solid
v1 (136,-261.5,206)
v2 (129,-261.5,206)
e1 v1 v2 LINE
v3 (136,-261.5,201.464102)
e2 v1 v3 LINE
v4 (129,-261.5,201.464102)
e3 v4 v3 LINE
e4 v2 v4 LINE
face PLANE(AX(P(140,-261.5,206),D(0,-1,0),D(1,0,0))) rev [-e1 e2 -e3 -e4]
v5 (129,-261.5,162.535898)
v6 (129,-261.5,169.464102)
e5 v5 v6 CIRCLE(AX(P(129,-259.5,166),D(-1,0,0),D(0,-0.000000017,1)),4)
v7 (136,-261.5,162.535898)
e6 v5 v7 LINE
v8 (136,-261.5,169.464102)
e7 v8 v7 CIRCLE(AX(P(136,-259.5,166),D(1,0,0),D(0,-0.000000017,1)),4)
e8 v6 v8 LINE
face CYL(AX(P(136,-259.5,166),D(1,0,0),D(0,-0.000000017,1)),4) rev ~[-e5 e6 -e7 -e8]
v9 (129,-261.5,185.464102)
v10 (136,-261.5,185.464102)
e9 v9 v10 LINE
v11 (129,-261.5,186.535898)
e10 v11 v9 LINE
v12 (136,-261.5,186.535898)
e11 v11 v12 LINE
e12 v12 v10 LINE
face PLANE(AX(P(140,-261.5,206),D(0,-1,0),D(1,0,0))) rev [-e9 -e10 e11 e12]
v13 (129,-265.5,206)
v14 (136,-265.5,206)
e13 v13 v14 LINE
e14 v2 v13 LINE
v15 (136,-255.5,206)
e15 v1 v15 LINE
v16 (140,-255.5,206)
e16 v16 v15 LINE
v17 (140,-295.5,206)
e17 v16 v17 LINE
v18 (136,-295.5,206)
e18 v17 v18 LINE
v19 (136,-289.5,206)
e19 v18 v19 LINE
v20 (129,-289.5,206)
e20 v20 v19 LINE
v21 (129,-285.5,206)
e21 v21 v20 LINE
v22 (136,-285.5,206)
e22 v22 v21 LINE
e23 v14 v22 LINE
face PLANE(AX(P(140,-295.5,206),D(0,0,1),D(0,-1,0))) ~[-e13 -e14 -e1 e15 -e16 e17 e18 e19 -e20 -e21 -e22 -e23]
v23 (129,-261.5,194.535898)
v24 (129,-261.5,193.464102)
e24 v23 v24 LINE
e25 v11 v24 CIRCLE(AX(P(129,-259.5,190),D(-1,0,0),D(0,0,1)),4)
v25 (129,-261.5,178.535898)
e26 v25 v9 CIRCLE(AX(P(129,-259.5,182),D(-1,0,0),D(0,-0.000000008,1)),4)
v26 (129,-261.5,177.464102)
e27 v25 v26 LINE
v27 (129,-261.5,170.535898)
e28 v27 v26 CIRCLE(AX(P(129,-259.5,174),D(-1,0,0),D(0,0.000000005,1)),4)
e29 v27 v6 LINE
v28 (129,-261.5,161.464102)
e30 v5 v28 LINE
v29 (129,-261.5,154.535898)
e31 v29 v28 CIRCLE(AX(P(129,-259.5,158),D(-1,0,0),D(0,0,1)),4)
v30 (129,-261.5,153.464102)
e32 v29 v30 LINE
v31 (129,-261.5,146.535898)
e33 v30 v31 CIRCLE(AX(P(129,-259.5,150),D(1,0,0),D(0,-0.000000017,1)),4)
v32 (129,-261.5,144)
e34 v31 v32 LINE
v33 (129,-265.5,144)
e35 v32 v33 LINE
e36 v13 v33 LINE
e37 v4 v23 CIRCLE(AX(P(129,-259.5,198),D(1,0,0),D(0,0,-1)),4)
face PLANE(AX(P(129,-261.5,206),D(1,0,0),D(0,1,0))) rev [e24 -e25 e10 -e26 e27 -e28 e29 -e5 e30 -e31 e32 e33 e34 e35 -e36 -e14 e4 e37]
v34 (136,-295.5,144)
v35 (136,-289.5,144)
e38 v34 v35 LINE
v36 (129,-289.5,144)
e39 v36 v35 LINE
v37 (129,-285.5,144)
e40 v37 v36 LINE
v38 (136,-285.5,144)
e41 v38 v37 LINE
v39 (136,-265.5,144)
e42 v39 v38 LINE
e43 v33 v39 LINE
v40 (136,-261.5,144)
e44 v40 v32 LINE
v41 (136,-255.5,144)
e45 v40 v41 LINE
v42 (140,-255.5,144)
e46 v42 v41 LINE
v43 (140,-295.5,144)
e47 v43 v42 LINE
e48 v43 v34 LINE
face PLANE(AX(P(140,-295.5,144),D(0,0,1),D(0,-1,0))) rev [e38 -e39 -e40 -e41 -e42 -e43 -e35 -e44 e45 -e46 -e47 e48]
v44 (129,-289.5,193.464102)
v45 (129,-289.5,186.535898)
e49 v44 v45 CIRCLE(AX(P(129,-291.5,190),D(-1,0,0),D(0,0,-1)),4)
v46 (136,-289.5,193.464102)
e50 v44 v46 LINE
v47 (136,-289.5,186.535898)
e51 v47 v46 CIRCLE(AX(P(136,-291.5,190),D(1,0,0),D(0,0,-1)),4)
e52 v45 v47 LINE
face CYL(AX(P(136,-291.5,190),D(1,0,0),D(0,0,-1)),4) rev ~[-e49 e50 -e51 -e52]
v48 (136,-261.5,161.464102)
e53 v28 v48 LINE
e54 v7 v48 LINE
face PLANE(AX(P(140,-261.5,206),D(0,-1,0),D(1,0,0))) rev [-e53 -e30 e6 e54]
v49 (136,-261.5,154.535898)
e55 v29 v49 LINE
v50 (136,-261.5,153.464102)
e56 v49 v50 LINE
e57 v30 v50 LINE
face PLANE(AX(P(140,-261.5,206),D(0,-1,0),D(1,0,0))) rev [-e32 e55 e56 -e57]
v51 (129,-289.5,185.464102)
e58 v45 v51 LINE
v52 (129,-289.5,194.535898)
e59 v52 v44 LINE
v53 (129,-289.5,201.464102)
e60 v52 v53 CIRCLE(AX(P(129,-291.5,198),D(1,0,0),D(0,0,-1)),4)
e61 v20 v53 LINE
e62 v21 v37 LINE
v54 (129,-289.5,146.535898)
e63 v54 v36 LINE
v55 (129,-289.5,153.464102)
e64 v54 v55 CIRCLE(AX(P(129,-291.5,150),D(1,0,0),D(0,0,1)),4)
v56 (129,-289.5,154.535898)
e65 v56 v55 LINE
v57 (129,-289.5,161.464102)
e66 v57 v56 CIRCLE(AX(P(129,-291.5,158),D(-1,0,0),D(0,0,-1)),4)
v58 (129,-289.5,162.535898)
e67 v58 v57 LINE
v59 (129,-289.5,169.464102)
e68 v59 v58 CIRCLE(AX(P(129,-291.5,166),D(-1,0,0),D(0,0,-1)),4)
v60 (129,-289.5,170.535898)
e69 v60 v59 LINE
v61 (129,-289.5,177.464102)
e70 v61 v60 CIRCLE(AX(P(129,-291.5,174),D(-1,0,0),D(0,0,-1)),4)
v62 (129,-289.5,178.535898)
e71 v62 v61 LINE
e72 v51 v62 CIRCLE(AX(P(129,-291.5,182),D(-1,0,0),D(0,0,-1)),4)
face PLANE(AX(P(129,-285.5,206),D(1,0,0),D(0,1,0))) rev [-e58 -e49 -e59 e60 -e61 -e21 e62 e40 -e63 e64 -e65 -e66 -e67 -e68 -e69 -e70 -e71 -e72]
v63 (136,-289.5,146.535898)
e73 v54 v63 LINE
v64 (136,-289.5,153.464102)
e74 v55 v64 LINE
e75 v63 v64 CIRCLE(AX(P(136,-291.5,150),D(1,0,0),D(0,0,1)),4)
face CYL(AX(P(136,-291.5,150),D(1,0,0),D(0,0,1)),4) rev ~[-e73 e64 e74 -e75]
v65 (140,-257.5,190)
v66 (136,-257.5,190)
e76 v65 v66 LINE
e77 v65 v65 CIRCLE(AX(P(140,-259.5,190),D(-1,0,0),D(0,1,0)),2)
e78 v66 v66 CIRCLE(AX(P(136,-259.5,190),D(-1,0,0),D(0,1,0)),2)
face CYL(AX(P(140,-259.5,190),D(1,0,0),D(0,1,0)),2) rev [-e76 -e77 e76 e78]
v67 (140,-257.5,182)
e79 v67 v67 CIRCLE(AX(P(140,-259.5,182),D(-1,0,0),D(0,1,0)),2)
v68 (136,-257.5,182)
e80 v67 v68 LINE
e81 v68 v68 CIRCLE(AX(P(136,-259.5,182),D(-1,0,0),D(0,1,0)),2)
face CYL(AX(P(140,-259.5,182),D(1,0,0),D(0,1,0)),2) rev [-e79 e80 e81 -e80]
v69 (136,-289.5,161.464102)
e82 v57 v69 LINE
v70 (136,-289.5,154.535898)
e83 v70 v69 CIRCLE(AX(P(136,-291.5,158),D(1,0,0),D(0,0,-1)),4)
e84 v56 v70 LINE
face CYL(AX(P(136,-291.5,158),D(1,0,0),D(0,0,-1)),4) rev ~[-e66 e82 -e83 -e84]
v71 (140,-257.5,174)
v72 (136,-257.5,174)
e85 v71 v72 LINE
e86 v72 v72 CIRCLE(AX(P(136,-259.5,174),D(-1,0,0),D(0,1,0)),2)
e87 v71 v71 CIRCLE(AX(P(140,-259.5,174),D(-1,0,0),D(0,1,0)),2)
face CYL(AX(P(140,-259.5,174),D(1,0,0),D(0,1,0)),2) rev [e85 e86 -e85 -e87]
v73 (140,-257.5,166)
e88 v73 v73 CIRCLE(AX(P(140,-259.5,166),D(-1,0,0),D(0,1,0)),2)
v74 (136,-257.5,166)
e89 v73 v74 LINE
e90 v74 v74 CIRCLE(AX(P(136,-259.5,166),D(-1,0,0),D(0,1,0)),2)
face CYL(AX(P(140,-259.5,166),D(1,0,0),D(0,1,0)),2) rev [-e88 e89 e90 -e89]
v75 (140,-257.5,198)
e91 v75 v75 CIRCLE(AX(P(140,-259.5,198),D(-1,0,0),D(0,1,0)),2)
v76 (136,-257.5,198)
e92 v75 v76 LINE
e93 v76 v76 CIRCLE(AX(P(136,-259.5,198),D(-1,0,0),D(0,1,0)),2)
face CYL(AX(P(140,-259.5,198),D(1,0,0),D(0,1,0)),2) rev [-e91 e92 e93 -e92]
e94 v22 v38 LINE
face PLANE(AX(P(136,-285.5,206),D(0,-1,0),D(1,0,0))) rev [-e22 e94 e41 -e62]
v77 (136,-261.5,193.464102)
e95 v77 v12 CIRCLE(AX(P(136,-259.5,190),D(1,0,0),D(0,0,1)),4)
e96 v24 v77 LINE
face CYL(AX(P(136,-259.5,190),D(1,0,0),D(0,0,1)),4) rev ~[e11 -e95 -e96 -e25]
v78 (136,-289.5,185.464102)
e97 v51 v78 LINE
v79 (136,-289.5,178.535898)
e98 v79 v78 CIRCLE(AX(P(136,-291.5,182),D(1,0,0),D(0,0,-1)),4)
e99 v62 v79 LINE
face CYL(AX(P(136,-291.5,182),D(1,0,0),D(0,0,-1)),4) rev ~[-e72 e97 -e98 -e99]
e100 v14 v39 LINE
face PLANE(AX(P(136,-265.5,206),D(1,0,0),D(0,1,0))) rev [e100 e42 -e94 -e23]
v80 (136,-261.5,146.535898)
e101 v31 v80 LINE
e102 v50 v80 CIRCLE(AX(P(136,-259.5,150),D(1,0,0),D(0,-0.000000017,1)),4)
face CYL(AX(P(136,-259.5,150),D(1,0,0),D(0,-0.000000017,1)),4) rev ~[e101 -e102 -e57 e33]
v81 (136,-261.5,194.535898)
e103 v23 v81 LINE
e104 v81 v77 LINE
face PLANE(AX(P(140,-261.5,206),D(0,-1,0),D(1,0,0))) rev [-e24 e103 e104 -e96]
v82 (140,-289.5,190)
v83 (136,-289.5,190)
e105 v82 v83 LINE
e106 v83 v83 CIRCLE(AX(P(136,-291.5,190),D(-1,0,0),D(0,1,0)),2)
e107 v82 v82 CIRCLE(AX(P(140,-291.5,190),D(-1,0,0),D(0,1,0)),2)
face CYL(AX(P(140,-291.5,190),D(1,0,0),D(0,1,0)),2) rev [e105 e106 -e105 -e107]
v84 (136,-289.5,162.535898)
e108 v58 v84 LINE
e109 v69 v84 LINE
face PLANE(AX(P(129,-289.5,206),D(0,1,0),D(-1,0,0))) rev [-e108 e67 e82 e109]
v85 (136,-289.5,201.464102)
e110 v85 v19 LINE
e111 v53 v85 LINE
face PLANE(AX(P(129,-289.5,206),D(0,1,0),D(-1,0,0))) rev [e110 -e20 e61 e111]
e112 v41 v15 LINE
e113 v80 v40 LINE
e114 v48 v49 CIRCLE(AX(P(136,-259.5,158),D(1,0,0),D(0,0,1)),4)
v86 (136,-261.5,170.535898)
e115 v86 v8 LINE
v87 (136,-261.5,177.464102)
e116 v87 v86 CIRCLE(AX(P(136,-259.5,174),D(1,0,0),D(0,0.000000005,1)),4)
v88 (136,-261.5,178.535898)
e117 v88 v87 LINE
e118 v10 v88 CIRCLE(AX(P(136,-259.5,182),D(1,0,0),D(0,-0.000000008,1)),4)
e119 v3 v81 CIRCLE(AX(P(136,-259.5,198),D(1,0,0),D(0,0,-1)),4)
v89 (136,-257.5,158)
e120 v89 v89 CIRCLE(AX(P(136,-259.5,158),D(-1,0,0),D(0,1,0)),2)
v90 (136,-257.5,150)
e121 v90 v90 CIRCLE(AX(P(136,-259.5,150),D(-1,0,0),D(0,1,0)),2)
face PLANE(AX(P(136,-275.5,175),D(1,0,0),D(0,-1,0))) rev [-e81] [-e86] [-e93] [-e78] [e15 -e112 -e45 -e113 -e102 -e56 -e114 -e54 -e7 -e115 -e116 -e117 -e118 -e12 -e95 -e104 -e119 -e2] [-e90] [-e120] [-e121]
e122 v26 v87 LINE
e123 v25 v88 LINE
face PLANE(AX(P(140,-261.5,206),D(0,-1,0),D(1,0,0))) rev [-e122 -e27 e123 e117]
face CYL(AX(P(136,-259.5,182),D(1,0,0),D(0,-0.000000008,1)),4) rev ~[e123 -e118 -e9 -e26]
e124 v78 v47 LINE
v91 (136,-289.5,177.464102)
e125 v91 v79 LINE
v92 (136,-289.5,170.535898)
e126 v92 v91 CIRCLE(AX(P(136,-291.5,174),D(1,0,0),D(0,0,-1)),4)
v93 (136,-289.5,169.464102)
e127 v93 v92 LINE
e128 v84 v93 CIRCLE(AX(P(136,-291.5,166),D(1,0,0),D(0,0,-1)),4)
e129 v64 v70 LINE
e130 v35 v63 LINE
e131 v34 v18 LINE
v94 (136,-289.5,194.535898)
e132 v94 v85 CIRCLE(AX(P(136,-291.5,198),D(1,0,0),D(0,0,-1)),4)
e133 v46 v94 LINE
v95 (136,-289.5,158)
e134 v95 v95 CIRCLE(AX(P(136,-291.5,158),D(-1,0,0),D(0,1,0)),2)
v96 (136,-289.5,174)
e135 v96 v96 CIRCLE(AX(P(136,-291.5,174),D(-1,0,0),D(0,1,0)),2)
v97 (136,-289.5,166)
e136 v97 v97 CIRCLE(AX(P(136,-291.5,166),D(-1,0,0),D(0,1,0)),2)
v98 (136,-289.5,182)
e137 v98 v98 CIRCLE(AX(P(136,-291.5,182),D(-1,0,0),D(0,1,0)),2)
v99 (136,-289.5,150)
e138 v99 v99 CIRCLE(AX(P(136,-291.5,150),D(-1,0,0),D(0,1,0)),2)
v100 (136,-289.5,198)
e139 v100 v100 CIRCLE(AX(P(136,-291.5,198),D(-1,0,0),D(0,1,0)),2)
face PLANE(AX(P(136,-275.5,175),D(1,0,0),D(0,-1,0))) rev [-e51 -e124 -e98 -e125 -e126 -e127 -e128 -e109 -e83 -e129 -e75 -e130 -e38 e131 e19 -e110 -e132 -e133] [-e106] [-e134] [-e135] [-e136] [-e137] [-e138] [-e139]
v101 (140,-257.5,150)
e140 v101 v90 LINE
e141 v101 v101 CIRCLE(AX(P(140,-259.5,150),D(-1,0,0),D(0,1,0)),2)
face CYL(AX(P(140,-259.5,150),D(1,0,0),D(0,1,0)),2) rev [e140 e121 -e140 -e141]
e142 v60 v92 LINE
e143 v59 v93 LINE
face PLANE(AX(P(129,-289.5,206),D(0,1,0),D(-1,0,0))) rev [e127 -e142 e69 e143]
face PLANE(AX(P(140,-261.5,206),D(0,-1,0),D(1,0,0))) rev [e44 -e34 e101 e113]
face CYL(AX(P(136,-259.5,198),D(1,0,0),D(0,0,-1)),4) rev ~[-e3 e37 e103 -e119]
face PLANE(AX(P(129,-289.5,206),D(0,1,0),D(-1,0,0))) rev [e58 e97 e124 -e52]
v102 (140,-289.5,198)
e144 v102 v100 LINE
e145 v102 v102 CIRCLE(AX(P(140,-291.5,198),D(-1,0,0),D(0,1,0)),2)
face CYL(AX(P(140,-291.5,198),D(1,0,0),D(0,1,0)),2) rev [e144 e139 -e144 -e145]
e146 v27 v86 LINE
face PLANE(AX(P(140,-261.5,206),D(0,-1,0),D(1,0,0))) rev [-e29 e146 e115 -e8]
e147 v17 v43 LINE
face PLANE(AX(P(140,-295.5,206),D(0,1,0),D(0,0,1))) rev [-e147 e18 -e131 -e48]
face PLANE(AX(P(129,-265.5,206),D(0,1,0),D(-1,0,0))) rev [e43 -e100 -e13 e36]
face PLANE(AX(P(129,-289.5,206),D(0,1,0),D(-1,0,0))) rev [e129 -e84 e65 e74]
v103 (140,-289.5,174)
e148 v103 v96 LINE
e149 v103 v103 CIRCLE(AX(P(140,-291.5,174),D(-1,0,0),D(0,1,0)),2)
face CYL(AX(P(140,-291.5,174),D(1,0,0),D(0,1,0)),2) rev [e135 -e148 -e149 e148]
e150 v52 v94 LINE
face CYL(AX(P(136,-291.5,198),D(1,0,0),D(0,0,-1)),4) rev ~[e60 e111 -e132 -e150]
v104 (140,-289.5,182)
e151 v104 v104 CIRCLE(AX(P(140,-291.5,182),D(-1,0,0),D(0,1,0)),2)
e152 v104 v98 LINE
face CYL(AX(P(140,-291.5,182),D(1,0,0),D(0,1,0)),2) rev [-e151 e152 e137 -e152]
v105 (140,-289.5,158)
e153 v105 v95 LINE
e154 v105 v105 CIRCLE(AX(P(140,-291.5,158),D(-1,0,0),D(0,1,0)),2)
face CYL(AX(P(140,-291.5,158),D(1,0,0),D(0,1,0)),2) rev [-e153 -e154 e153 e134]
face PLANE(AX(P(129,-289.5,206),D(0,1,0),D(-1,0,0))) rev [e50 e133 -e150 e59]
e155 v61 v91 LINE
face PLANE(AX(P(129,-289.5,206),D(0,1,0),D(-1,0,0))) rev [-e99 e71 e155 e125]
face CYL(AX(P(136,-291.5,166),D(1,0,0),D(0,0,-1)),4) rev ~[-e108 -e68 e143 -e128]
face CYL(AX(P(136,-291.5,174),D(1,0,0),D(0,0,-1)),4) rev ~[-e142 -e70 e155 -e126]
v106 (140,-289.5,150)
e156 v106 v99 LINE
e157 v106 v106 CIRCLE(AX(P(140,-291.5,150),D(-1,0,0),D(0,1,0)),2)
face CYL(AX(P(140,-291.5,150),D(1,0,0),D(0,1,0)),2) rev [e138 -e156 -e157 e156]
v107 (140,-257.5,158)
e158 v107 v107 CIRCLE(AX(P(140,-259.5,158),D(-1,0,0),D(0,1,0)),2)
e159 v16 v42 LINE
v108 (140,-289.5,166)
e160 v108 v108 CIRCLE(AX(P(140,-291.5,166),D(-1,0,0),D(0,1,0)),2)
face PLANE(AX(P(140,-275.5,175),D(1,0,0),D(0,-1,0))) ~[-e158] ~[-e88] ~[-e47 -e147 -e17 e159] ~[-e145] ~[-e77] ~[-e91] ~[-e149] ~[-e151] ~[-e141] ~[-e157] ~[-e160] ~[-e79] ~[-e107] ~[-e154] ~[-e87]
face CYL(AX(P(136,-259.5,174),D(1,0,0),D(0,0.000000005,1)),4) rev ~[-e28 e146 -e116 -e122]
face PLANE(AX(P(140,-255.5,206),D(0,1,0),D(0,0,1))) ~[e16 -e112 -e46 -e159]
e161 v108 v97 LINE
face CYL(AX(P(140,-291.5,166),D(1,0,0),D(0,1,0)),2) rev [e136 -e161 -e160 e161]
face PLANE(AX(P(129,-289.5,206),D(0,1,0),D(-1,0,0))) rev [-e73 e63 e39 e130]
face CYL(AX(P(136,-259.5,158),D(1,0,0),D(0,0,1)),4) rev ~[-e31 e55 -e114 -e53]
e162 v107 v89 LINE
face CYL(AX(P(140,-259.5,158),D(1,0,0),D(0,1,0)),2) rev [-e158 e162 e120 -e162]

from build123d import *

# Parameters (mm, degrees)
PAD037_DEPTH            = 62
SKETCH075_W             = 40
SKETCH075_H             = 62
PAD038_DEPTH            = 4
SKETCH076_R             = 2
POCKET036_DEPTH         = 4
SKETCH077_R             = 4
POCKET037_DEPTH         = 7
BODY021_PLACEMENT_ANGLE = 90


with BuildPart() as leftmiddle001:
    # Sketch074 → Pad037 (new body)
    with BuildSketch(Plane.XZ):
        Polygon((0, 0), (0, 10), (7, 10), (7, 14), (-4, 14), (-4, -14), (7, -14), (7, -10), (0, -10), align=None)
    extrude(amount=PAD037_DEPTH)

    # Sketch075 (on Face4 of Pad037) → Pad038 (join)
    with BuildSketch(Plane(origin=(-4, 0, 0), x_dir=(0, 0, -1), z_dir=(-1, 0, 0))):
        with Locations((0, 31)):
            Rectangle(SKETCH075_W, SKETCH075_H)
    extrude(amount=-PAD038_DEPTH)

    # Sketch076 (on Face14 of Pad038) → Pocket036 (cut)
    with BuildSketch(Plane(origin=(-4, 0, 0), x_dir=(0, 0, -1), z_dir=(-1, 0, 0))):
        with Locations((-16, 8)):
            Circle(SKETCH076_R)
        with Locations((-16, 16)):
            Circle(SKETCH076_R)
        with Locations((-16, 24)):
            Circle(SKETCH076_R)
        with Locations((-16, 32)):
            Circle(SKETCH076_R)
        with Locations((-16, 40)):
            Circle(SKETCH076_R)
        with Locations((-16, 48)):
            Circle(SKETCH076_R)
        with Locations((-16, 56)):
            Circle(SKETCH076_R)
        with Locations((16, 56)):
            Circle(SKETCH076_R)
        with Locations((16, 48)):
            Circle(SKETCH076_R)
        with Locations((16, 40)):
            Circle(SKETCH076_R)
        with Locations((16, 32)):
            Circle(SKETCH076_R)
        with Locations((16, 24)):
            Circle(SKETCH076_R)
        with Locations((16, 16)):
            Circle(SKETCH076_R)
        with Locations((16, 8)):
            Circle(SKETCH076_R)
    extrude(amount=-POCKET036_DEPTH, mode=Mode.SUBTRACT)

    # Sketch077 (on Face14 of Pocket036) → Pocket037 (cut)
    with BuildSketch(Plane(origin=(0, 0, 0), x_dir=(0, 0, 1), z_dir=(1, 0, 0))):
        with Locations((-16, 8)):
            Circle(SKETCH077_R)
        with Locations((-16, 16)):
            Circle(SKETCH077_R)
        with Locations((-16, 24)):
            Circle(SKETCH077_R)
        with Locations((-16, 32)):
            Circle(SKETCH077_R)
        with Locations((-16, 40)):
            Circle(SKETCH077_R)
        with Locations((-16, 48)):
            Circle(SKETCH077_R)
        with Locations((-16, 56)):
            Circle(SKETCH077_R)
        with Locations((16, 56)):
            Circle(SKETCH077_R)
        with Locations((16, 48)):
            Circle(SKETCH077_R)
        with Locations((16, 40)):
            Circle(SKETCH077_R)
        with Locations((16, 32)):
            Circle(SKETCH077_R)
        with Locations((16, 24)):
            Circle(SKETCH077_R)
        with Locations((16, 16)):
            Circle(SKETCH077_R)
        with Locations((16, 8)):
            Circle(SKETCH077_R)
    extrude(amount=POCKET037_DEPTH, mode=Mode.SUBTRACT)


with BuildPart() as leftmiddle001_1:
    # Body021 placement: moved
    add(leftmiddle001.part.moved(Location((-136, -275.5, 206))).rotate(Axis((-136, -275.5, 206), (1, 0, 0)), BODY021_PLACEMENT_ANGLE))


with BuildPart() as rightmiddle001:
    # Part__Mirroring011: instance of LeftMiddle001
    add(leftmiddle001_1.part.mirror(Plane(origin=(0, 0, 0), x_dir=(0, -1, 0), z_dir=(1, 0, 0))))


solid = rightmiddle001.part
